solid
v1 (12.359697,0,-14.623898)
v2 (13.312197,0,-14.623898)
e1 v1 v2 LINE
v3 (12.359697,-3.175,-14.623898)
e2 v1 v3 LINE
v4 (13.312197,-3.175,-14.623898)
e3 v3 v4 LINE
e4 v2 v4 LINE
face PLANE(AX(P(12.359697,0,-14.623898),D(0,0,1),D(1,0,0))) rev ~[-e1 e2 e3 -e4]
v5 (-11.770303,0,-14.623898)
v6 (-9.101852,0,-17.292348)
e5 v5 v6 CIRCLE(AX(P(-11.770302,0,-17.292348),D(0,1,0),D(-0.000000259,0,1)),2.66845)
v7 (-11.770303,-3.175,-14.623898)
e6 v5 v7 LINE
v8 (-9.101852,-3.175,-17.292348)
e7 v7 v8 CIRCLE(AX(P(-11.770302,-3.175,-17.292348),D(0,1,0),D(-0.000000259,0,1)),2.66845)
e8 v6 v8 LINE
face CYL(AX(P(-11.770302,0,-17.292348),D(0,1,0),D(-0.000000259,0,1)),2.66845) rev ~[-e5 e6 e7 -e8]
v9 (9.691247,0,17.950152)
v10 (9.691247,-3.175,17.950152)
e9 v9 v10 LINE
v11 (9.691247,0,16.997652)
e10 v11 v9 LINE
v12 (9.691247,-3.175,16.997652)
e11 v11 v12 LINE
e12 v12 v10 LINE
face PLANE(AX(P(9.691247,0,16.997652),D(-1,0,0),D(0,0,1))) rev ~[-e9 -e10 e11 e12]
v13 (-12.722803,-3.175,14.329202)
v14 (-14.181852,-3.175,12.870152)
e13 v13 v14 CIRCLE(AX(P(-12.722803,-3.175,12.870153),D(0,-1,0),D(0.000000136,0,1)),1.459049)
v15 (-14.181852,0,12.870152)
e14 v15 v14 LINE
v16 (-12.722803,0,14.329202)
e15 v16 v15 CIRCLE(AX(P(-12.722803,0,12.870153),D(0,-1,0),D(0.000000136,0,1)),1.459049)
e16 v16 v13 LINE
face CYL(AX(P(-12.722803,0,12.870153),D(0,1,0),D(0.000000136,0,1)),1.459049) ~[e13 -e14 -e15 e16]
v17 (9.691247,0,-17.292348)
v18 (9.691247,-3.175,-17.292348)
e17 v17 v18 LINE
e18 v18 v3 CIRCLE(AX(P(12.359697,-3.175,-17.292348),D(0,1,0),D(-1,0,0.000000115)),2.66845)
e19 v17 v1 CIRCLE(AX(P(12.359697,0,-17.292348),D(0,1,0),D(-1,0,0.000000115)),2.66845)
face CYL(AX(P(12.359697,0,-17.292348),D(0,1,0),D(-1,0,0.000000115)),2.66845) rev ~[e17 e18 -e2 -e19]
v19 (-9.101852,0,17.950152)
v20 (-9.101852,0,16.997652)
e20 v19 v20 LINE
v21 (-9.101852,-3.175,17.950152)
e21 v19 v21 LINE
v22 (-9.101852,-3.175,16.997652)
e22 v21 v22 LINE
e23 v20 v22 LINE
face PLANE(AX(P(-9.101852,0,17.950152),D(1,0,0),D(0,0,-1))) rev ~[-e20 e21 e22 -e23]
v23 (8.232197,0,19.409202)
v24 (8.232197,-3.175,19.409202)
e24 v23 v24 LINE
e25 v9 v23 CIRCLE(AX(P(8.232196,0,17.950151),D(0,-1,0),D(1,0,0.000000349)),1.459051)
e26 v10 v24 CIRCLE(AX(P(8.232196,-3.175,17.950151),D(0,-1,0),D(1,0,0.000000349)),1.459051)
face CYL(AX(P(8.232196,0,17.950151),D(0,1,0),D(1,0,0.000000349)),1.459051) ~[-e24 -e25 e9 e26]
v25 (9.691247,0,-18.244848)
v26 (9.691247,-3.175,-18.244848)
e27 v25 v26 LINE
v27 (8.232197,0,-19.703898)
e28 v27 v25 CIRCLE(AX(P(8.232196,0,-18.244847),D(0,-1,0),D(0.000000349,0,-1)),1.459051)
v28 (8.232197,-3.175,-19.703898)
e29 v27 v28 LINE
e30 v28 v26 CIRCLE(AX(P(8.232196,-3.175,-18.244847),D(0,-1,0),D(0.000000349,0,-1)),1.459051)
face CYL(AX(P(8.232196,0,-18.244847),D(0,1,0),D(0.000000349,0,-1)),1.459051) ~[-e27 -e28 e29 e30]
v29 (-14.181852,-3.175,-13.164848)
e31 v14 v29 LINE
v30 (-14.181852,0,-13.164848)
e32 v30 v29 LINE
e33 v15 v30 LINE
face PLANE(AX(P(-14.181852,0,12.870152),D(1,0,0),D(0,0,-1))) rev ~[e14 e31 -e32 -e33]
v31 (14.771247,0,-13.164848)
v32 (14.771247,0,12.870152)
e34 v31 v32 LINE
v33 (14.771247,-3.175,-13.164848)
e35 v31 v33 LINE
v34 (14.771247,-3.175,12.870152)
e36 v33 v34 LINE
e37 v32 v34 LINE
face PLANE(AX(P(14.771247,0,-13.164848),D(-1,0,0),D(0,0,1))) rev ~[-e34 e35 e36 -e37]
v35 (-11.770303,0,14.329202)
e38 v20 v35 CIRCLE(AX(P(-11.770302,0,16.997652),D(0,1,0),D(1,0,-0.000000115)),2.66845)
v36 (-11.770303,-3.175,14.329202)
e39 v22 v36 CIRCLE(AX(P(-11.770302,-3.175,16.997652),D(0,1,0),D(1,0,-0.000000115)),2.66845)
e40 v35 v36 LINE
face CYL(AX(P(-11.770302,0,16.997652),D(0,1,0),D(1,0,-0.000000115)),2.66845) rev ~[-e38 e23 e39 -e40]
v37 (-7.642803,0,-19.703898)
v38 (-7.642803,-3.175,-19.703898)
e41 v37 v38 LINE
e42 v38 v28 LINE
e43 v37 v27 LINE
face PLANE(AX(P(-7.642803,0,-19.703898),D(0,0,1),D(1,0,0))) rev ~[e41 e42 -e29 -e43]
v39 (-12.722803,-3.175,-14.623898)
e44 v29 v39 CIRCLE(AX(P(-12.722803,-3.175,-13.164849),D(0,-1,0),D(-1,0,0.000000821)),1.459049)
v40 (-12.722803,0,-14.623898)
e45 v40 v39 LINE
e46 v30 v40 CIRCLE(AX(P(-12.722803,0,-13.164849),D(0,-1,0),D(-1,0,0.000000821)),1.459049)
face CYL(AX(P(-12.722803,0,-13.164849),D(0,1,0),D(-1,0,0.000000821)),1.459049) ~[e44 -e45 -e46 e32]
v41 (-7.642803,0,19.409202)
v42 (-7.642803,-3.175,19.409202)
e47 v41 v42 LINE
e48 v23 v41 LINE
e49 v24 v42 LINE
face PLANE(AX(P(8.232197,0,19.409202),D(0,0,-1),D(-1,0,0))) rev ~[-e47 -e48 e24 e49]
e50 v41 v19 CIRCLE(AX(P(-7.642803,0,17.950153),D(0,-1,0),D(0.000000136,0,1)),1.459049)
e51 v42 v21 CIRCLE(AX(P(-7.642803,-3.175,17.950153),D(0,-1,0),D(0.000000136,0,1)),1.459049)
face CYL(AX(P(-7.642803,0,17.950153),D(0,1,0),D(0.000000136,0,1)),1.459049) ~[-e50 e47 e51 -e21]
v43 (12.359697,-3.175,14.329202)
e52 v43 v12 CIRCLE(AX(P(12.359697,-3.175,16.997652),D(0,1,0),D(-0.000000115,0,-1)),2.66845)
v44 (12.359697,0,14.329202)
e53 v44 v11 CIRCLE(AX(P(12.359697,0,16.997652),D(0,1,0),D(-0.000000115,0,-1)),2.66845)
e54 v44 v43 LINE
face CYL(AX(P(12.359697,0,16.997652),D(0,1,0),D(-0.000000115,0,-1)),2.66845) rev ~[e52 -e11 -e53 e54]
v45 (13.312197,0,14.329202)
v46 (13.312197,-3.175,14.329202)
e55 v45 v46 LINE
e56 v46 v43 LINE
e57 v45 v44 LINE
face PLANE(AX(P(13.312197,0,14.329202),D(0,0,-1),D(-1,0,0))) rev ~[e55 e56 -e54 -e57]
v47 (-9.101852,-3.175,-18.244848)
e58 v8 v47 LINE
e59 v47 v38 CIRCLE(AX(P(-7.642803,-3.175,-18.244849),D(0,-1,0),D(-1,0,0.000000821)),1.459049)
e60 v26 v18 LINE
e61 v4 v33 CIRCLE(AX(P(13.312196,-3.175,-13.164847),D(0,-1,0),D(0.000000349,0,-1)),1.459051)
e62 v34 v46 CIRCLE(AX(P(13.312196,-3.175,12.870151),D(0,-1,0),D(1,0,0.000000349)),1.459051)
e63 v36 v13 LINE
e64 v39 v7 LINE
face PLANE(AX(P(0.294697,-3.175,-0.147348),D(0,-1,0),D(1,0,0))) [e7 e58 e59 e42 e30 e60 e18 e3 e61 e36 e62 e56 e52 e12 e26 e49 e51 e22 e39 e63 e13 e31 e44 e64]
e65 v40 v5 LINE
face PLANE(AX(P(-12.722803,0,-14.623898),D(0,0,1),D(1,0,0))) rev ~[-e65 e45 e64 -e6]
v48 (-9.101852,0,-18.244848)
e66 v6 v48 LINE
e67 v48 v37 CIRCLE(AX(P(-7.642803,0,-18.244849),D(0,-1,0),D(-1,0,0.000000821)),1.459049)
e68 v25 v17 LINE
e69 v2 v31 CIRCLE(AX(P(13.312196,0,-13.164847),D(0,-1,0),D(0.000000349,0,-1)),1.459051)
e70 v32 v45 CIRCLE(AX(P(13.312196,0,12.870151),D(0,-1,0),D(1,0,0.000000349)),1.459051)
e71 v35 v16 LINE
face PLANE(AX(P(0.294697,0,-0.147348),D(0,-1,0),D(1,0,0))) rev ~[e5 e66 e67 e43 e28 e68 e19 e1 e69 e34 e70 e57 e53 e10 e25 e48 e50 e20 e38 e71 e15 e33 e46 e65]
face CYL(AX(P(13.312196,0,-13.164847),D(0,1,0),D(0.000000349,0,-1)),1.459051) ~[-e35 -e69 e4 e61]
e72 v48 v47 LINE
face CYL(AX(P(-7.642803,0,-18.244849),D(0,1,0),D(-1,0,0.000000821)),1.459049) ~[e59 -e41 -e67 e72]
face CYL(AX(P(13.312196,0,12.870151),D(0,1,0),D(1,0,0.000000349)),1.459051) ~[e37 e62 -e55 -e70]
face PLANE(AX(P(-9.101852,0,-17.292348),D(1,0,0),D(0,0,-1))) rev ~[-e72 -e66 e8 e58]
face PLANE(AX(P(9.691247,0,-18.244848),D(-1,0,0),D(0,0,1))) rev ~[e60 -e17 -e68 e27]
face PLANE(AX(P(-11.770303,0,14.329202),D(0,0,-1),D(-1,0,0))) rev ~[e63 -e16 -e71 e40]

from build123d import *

# Parameters (mm, degrees)
F1_DEPTH = 3.175


with BuildPart() as f1:
    # F0 (on Front) → F1 (new body)
    with BuildSketch(Plane.XZ):
        with BuildLine():
            Line((-11.770303, 14.329202), (-12.722803, 14.329202))
            ThreePointArc((-12.722803, 14.329202), (-13.754507, 13.901856), (-14.181852, 12.870152))
            Line((-14.181852, 12.870152), (-14.181852, -13.164848))
            ThreePointArc((-14.181852, -13.164848), (-13.754507, -14.196552), (-12.722803, -14.623898))
            Line((-12.722803, -14.623898), (-11.770303, -14.623898))
            ThreePointArc((-11.770303, -14.623898), (-9.883423, -15.405469), (-9.101852, -17.292348))
            Line((-9.101852, -17.292348), (-9.101852, -18.244848))
            ThreePointArc((-9.101852, -18.244848), (-8.674507, -19.276552), (-7.642803, -19.703898))
            Line((-7.642803, -19.703898), (8.232197, -19.703898))
            ThreePointArc((8.232197, -19.703898), (9.263901, -19.276552), (9.691247, -18.244848))
            Line((9.691247, -18.244848), (9.691247, -17.292348))
            ThreePointArc((9.691247, -17.292348), (10.472818, -15.405469), (12.359697, -14.623898))
            Line((12.359697, -14.623898), (13.312197, -14.623898))
            ThreePointArc((13.312197, -14.623898), (14.343901, -14.196552), (14.771247, -13.164848))
            Line((14.771247, -13.164848), (14.771247, 12.870152))
            ThreePointArc((14.771247, 12.870152), (14.343901, 13.901856), (13.312197, 14.329202))
            Line((13.312197, 14.329202), (12.359697, 14.329202))
            ThreePointArc((12.359697, 14.329202), (10.472818, 15.110773), (9.691247, 16.997652))
            Line((9.691247, 16.997652), (9.691247, 17.950152))
            ThreePointArc((9.691247, 17.950152), (9.263901, 18.981856), (8.232197, 19.409202))
            Line((8.232197, 19.409202), (-7.642803, 19.409202))
            ThreePointArc((-7.642803, 19.409202), (-8.674507, 18.981856), (-9.101852, 17.950152))
            Line((-9.101852, 17.950152), (-9.101852, 16.997652))
            ThreePointArc((-9.101852, 16.997652), (-9.883423, 15.110773), (-11.770303, 14.329202))
        make_face()
    extrude(amount=F1_DEPTH)


solid = f1.part
